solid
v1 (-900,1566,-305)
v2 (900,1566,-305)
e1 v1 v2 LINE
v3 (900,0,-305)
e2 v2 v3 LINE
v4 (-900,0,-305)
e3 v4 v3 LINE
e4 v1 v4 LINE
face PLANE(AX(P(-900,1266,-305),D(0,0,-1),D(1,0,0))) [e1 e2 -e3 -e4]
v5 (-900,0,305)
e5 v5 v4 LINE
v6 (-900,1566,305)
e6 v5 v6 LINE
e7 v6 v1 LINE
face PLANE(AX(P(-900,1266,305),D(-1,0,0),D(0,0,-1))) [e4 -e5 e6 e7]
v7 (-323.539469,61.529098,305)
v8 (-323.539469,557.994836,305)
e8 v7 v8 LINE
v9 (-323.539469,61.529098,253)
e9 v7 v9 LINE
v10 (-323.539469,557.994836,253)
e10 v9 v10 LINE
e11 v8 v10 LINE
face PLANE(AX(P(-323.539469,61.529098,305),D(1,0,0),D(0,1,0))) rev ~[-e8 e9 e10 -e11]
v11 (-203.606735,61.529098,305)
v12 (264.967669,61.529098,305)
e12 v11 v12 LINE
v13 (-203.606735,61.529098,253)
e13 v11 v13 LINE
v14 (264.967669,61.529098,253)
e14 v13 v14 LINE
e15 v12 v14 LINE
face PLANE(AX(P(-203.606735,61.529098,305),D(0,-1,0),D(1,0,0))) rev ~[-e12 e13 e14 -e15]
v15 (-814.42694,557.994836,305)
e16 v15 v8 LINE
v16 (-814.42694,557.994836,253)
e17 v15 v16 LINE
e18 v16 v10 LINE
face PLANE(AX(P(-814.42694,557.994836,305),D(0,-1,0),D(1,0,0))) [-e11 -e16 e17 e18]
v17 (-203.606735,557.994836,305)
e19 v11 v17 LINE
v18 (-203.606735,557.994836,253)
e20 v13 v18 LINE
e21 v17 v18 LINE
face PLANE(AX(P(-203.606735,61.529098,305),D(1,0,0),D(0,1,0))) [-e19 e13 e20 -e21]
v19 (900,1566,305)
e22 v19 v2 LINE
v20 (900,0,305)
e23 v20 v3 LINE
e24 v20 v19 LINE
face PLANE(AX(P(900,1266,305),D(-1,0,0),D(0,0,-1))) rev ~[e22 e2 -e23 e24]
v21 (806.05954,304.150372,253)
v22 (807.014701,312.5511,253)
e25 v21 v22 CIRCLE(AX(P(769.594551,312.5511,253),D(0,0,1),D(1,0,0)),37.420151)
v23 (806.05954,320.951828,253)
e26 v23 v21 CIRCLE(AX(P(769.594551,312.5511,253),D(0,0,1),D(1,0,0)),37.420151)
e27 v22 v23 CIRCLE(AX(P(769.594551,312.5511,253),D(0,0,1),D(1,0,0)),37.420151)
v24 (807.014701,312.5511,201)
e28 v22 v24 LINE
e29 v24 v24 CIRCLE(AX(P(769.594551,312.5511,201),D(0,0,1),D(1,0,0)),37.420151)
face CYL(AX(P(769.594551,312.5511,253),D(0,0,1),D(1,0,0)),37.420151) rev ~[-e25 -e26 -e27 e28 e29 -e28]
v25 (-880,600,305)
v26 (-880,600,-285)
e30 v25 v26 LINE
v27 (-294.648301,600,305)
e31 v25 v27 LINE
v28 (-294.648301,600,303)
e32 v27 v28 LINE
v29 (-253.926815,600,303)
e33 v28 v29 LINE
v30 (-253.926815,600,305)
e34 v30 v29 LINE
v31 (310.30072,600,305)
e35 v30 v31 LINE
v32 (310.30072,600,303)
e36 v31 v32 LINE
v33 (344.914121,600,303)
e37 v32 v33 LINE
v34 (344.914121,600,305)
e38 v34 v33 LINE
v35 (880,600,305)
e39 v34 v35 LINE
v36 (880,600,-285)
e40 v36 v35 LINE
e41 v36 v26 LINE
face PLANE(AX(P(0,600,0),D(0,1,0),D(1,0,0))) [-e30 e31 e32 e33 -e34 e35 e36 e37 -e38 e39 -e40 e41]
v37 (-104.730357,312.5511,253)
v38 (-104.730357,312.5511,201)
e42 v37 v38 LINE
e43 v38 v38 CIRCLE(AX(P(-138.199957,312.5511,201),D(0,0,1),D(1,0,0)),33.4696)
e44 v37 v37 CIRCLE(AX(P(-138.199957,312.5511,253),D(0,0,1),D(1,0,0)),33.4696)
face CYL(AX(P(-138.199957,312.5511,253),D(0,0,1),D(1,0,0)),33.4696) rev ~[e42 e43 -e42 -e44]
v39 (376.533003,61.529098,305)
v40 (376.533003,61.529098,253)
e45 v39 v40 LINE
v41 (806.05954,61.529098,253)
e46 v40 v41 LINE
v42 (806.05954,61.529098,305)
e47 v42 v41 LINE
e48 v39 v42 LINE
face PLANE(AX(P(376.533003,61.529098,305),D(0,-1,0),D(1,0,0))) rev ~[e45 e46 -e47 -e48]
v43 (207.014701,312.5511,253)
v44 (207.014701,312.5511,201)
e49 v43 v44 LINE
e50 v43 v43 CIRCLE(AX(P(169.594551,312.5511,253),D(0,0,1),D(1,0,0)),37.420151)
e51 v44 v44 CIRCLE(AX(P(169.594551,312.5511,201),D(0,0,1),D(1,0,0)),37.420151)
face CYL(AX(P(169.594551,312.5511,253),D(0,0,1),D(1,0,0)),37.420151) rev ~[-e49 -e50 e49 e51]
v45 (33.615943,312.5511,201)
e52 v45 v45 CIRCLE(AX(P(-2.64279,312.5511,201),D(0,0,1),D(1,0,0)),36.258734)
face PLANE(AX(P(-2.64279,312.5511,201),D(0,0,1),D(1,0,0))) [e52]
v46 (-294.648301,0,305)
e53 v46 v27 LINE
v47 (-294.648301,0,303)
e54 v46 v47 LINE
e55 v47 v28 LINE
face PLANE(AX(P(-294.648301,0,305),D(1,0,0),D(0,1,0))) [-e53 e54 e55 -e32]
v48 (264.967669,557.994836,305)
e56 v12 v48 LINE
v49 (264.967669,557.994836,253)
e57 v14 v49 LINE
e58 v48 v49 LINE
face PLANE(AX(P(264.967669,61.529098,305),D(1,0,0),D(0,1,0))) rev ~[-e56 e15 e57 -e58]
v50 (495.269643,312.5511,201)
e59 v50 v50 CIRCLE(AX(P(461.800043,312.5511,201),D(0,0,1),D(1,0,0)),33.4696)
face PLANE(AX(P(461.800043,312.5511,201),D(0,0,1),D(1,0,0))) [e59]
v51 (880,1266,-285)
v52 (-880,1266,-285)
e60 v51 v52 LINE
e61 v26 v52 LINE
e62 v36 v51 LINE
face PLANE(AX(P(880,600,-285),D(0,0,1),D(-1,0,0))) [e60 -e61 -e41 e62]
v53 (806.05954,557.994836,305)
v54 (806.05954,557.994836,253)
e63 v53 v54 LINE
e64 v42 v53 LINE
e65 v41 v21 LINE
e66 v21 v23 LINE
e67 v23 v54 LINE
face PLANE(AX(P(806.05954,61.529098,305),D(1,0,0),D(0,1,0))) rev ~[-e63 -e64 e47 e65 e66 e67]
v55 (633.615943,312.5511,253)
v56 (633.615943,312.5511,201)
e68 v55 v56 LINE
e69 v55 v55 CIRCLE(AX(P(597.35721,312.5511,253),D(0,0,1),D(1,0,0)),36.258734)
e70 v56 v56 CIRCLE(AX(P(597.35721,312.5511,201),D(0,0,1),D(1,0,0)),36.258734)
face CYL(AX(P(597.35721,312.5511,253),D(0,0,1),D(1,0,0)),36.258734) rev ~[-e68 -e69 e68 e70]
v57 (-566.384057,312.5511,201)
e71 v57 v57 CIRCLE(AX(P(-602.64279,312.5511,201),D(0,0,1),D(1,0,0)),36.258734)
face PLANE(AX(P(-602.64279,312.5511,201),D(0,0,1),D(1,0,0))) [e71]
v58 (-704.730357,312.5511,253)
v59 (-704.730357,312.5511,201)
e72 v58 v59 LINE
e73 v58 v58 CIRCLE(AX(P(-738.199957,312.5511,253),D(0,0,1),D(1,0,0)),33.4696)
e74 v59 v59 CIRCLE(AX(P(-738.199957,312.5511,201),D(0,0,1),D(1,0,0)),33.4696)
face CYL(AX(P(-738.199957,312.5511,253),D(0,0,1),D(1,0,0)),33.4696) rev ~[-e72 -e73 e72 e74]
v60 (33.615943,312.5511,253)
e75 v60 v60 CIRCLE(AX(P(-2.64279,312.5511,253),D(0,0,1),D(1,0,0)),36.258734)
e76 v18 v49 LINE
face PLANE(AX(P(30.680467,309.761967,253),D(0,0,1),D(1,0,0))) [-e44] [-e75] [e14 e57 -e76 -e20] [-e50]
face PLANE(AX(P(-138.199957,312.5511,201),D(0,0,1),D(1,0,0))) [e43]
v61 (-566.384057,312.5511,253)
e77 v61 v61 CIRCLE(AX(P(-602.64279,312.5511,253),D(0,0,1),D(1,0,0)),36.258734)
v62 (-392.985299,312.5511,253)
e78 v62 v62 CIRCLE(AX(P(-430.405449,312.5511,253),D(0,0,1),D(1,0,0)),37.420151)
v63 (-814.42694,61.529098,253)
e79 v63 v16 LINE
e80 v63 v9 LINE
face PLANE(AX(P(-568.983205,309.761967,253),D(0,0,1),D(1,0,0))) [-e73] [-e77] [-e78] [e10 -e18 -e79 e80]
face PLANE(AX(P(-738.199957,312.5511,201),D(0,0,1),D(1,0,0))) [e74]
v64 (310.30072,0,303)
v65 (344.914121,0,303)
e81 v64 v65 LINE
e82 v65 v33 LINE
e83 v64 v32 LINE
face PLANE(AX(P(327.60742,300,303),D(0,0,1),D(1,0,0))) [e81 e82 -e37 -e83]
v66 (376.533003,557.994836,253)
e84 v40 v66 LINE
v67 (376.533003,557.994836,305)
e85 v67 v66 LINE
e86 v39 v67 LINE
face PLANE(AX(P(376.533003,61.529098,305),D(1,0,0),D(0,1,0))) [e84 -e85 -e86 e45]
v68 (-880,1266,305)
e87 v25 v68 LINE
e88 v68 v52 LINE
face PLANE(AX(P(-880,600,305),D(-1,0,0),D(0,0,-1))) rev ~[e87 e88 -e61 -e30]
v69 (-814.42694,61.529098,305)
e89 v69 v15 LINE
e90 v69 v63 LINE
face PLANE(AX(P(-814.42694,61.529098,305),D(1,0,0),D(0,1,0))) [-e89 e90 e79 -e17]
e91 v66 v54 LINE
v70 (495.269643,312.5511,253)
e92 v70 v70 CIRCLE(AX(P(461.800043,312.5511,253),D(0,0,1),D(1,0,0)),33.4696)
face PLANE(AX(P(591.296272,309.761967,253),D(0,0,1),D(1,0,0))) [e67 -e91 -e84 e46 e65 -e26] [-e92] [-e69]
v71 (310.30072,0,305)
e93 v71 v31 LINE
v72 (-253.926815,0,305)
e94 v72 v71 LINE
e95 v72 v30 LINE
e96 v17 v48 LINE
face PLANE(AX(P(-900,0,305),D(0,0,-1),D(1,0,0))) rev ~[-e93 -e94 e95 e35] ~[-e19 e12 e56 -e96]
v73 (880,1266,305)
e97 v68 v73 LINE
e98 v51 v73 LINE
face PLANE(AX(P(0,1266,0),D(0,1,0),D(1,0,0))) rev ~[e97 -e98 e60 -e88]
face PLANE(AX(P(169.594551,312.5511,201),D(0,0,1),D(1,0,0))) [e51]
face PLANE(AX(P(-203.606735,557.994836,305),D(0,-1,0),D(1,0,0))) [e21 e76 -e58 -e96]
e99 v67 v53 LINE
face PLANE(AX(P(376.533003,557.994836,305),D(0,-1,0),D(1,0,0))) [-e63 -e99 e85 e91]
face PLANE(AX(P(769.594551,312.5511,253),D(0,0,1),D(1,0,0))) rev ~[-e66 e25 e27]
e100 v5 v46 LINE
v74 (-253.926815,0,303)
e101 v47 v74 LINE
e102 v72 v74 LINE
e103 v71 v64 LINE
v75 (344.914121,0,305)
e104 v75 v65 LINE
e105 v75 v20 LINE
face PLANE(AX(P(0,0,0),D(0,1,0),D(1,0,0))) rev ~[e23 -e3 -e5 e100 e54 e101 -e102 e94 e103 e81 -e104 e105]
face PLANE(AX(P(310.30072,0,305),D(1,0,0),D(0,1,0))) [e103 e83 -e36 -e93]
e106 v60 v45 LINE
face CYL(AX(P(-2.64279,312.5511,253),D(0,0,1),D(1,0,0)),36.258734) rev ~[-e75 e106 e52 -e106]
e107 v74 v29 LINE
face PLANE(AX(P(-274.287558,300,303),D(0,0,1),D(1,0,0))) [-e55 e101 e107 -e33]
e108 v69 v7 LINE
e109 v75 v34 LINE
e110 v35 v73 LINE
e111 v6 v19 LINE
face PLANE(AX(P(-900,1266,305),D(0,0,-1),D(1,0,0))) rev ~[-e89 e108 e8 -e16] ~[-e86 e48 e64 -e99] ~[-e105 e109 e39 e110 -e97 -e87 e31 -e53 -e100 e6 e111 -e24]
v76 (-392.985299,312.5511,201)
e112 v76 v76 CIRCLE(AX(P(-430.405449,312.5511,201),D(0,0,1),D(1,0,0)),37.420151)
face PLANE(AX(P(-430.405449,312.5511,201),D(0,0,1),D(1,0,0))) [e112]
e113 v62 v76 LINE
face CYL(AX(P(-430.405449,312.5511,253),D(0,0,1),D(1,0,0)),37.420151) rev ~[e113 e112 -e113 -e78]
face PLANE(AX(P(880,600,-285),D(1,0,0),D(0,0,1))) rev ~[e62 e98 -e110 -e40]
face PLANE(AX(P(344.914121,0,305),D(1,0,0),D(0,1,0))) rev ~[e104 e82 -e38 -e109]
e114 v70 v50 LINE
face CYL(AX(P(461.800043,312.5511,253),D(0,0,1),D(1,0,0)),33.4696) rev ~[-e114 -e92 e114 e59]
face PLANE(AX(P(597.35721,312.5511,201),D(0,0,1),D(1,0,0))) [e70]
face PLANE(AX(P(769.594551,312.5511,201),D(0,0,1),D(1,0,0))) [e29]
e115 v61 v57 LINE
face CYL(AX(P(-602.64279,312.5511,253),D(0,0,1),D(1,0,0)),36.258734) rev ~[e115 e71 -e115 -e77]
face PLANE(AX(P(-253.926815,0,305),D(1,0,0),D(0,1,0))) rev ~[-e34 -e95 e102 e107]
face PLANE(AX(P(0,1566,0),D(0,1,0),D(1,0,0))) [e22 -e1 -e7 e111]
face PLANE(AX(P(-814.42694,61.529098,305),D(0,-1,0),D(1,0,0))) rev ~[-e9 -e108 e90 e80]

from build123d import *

# Parameters (mm, degrees)
CROQUIS1_W              = 1800
CROQUIS1_H              = 610
SALIENTE_EXTRUIR1_DEPTH = 600
CROQUIS2_W              = 40.721486725
CROQUIS2_H              = 600
CROQUIS2_W_2            = 34.613400616
CORTAR_EXTRUIR1_DEPTH   = 2
CROQUIS3_W              = 490.887470824
CROQUIS3_H              = 496.465737538
CROQUIS3_W_2            = 468.574403969
CROQUIS3_W_3            = 429.526536971
CORTAR_EXTRUIR2_DEPTH   = 52
CROQUIS4_R              = 33.469600283
CROQUIS4_R_2            = 36.25873364
CROQUIS4_R_3            = 37.420150707
CORTAR_EXTRUIR3_DEPTH   = 52
MATRIZL1_COUNT          = 3
MATRIZL1_PITCH          = 600
SALIENTE_EXTRUIR2_DEPTH = 666
CROQUIS6_W              = 1800
CROQUIS6_H              = 610
SALIENTE_EXTRUIR3_DEPTH = 300


with BuildPart() as part:
    # Croquis1 → Saliente-Extruir1 (new body)
    with BuildSketch(Plane(origin=(0, 0, 0), x_dir=(1, 0, 0), z_dir=(0, 1, 0))):
        Rectangle(CROQUIS1_W, CROQUIS1_H)
    extrude(amount=SALIENTE_EXTRUIR1_DEPTH)

    # Croquis2 → Cortar-Extruir1 (cut)
    with BuildSketch(Plane.XY.offset(305)):
        with Locations((-274.287558023, 300)):
            Rectangle(CROQUIS2_W, CROQUIS2_H)
        with Locations((327.607420408, 300)):
            Rectangle(CROQUIS2_W_2, CROQUIS2_H)
    extrude(amount=-CORTAR_EXTRUIR1_DEPTH, mode=Mode.SUBTRACT)

    # Croquis3 → Cortar-Extruir2 (cut)
    with BuildSketch(Plane.XY.offset(305)):
        with Locations((-568.983204819, 309.761966749)):
            Rectangle(CROQUIS3_W, CROQUIS3_H)
        with Locations((30.680466927, 309.761966749)):
            Rectangle(CROQUIS3_W_2, CROQUIS3_H)
        with Locations((591.296271675, 309.761966749)):
            Rectangle(CROQUIS3_W_3, CROQUIS3_H)
    extrude(amount=-CORTAR_EXTRUIR2_DEPTH, mode=Mode.SUBTRACT)

    # Croquis4 → Cortar-Extruir3 (cut)
    with BuildSketch(Plane.XY.offset(253)):
        with Locations((-738.199956824, 312.551100106)):
            Circle(CROQUIS4_R)
        with Locations((-602.642790268, 312.551100106)):
            Circle(CROQUIS4_R_2)
        with Locations((-430.405449232, 312.551100106)):
            Circle(CROQUIS4_R_3)
    cortar_extruir3 = extrude(amount=-CORTAR_EXTRUIR3_DEPTH, mode=Mode.SUBTRACT)

    # MatrizL1: Cortar-Extruir3 ×3
    with Locations(*[(i * MATRIZL1_PITCH, 0, 0) for i in range(1, MATRIZL1_COUNT)]):
        add(cortar_extruir3, mode=Mode.SUBTRACT)

    # Croquis5 → Saliente-Extruir2 (add)
    with BuildSketch(Plane(origin=(0, 600, 0), x_dir=(1, 0, 0), z_dir=(0, 1, 0))):
        Polygon((900, -305), (880, -305), (880, -285), (880, 285), (-880, 285), (-880, -285), (-880, -305), (-900, -305), (-900, 305), (900, 305), align=None)
    extrude(amount=SALIENTE_EXTRUIR2_DEPTH)

    # Croquis6 → Saliente-Extruir3 (add)
    with BuildSketch(Plane(origin=(0, 1266, 0), x_dir=(1, 0, 0), z_dir=(0, 1, 0))):
        Rectangle(CROQUIS6_W, CROQUIS6_H)
    extrude(amount=SALIENTE_EXTRUIR3_DEPTH)


solid = part.part
